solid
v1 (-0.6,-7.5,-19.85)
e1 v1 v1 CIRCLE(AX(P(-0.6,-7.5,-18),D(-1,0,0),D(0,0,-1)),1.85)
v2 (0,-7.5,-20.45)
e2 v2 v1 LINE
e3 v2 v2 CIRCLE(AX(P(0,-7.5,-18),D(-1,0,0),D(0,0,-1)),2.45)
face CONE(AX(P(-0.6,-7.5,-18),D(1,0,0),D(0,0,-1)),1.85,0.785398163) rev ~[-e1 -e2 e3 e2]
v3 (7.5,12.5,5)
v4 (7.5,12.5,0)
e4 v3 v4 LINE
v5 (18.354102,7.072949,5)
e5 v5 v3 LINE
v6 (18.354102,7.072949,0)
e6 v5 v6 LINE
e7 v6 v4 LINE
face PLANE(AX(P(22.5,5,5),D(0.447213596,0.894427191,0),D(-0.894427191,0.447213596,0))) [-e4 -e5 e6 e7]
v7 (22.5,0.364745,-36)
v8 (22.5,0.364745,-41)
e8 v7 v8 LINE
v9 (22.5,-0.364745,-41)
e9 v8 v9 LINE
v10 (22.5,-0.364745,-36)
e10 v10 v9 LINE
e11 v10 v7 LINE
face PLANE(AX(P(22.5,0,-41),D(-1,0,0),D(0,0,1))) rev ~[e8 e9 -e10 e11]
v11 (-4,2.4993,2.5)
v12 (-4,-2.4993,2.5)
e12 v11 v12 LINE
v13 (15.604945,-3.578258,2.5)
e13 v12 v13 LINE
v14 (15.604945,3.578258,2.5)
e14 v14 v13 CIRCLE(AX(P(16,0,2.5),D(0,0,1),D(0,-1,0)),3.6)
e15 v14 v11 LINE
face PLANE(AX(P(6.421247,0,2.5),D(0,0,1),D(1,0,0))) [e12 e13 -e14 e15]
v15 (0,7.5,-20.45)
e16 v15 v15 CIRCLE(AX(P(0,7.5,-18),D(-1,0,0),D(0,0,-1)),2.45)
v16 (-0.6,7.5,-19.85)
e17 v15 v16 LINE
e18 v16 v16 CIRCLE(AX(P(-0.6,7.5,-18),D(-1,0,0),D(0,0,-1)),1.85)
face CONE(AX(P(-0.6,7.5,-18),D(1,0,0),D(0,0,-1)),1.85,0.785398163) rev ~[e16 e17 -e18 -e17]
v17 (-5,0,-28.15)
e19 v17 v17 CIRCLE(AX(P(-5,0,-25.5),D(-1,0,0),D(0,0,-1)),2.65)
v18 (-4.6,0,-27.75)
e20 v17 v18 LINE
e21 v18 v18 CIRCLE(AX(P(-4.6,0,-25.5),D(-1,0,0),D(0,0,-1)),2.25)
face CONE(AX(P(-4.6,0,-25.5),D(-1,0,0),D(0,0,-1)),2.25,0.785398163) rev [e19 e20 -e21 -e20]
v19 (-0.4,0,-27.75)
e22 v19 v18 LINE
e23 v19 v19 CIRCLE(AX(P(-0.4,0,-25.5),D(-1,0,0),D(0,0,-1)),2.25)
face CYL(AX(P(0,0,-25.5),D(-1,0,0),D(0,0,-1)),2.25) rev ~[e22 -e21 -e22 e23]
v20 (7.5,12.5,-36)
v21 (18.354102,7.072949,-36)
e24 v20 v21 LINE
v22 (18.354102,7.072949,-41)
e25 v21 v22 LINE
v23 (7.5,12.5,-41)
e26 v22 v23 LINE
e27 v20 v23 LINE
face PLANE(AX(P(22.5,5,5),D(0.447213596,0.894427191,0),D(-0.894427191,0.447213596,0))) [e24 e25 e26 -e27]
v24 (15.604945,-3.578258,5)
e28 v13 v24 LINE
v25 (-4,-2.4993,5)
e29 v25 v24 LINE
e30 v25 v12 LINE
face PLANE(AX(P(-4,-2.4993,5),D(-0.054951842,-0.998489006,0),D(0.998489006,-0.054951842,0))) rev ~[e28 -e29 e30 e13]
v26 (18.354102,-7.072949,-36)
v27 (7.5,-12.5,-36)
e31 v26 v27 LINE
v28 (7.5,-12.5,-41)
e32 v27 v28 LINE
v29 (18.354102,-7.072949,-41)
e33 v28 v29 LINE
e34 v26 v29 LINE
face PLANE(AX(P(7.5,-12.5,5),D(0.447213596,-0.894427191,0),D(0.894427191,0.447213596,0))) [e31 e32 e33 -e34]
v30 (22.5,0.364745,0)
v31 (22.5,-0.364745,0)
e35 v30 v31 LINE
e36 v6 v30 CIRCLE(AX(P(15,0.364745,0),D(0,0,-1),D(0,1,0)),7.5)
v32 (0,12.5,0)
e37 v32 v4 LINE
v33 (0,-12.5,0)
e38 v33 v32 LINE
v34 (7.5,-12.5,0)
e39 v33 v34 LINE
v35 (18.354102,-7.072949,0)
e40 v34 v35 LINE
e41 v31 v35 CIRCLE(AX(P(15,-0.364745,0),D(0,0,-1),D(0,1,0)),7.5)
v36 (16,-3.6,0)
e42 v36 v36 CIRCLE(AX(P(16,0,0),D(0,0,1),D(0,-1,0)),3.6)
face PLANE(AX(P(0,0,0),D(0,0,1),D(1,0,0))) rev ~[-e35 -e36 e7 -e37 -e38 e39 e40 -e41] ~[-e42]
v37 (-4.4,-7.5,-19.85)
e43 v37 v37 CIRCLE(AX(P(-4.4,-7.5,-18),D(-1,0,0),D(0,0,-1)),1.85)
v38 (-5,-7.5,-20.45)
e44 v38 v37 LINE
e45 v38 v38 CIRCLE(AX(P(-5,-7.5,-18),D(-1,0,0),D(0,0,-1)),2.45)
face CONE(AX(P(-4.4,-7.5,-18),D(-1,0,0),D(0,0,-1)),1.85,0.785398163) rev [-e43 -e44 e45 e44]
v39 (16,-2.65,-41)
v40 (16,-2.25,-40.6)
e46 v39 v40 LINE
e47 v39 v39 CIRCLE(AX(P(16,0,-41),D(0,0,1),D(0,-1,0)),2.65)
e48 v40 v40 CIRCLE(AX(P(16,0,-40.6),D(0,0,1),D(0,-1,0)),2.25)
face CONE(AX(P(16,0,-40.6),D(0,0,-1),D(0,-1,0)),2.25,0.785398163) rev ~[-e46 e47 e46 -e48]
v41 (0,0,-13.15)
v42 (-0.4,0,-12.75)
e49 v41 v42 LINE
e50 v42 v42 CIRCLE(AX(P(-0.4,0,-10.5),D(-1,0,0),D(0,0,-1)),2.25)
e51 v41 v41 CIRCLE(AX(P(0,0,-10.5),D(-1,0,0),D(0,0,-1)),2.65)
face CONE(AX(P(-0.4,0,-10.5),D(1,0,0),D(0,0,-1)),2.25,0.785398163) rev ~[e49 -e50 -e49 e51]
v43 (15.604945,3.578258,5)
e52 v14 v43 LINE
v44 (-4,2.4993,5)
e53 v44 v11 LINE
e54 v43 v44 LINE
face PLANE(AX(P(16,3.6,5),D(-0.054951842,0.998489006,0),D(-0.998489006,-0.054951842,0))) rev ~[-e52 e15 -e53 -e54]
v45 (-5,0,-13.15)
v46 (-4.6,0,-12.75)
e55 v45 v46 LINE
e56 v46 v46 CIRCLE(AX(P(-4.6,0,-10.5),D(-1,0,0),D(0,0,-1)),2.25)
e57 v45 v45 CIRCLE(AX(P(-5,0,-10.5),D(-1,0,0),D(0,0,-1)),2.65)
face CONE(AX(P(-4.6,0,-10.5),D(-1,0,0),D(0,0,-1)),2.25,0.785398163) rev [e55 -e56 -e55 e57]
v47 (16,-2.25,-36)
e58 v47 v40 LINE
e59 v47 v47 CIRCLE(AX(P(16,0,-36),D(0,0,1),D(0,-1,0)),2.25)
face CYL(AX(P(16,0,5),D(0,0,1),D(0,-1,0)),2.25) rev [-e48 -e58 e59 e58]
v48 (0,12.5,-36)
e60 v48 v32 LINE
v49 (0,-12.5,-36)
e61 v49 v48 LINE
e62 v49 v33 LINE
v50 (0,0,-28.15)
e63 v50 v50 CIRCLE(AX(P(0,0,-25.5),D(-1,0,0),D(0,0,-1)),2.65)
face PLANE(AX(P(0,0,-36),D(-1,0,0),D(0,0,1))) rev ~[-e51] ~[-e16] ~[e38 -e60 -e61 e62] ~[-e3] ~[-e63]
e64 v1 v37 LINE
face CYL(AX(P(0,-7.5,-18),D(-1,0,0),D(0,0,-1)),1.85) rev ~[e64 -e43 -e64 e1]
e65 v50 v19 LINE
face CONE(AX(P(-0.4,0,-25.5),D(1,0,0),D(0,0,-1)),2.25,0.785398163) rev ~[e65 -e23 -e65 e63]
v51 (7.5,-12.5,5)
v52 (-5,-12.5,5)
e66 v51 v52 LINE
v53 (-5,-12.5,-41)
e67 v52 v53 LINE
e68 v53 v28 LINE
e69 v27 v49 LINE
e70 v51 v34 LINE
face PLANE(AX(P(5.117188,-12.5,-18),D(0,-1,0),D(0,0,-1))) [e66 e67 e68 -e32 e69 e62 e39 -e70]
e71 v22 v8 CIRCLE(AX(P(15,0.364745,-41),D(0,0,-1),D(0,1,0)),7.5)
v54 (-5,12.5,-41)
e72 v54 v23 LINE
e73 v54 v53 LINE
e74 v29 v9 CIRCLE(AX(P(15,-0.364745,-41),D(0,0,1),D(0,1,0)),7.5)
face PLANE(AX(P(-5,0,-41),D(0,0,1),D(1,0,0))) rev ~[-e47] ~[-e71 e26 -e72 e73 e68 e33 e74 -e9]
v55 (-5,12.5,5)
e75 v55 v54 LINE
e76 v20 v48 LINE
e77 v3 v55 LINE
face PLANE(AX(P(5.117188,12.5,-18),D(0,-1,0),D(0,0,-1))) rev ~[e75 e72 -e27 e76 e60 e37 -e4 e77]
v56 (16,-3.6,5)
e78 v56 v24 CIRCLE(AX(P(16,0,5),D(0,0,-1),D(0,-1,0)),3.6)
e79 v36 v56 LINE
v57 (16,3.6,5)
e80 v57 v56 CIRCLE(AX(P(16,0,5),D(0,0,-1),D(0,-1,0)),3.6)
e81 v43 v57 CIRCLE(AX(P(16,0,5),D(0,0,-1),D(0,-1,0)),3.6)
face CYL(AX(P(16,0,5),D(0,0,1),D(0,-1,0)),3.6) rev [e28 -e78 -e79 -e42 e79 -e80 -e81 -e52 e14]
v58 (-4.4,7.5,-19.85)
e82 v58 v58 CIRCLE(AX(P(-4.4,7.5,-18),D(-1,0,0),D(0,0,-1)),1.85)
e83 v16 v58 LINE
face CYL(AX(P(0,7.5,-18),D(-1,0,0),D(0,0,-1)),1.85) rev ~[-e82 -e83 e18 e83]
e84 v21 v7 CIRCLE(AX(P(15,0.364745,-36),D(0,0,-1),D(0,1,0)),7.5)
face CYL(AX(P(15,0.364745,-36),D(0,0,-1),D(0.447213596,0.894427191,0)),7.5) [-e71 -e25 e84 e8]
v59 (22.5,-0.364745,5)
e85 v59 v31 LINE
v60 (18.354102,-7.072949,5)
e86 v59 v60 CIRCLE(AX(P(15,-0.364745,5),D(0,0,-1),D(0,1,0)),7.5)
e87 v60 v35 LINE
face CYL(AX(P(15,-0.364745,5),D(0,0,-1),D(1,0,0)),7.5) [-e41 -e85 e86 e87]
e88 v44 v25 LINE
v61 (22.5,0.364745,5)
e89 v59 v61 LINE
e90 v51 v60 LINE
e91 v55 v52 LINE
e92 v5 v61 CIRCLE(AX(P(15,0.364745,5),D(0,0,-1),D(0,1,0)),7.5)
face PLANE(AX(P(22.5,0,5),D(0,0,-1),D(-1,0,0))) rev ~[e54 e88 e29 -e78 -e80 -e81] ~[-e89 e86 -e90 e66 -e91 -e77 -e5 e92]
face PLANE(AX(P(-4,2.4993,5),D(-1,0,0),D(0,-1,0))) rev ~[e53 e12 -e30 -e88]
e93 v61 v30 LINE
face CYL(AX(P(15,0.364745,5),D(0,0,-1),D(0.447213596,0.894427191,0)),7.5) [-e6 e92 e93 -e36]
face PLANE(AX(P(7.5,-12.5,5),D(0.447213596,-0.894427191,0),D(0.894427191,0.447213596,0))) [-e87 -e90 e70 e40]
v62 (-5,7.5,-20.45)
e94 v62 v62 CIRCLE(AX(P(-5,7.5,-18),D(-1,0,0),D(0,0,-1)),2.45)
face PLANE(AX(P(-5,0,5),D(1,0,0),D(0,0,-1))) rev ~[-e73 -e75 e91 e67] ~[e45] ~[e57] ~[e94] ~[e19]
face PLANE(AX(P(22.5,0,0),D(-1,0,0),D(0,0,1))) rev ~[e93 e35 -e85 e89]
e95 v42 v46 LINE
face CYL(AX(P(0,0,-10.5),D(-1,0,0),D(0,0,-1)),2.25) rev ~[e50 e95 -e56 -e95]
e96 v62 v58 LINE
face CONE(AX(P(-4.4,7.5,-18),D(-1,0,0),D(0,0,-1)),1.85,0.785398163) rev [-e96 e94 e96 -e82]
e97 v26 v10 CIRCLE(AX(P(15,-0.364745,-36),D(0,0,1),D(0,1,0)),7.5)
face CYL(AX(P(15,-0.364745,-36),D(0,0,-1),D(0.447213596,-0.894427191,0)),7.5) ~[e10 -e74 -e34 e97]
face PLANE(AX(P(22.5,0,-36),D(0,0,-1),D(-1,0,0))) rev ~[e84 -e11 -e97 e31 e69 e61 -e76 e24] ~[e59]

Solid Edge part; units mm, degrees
sketch "Sketch1" plane through (0, 0, 0) normal (0, -1, 0) x (1, 0, 0)
  line L0 (0, 0) -> (22.5, 0)
  line L1 (22.5, 0) -> (22.5, 5)
  line L2 (22.5, 5) -> (-5, 5)
  line L3 (-5, 5) -> (-5, -41)
  line L4 (-5, -41) -> (22.5, -41)
  line L5 (22.5, -41) -> (22.5, -36)
  line L6 (22.5, -36) -> (0, -36)
  line L7 (0, -36) -> (0, 0)
  dimension "D1" = 27.5
  dimension "D2" = 22.5
  dimension "D3" = 5
  dimension "D4" = 5
  dimension "D5" = 36
extrude "Protrusion1" add sketch "Sketch1" along normal mid plane 25
sketch "Sketch2" plane through (7.5, 0, 5) normal (0, 0, 1) x (0, 1, 0)
  line L0 (-12.5, 0) -> (-5, -15)
  line L1 (-5, -15) -> (5, -15)
  line L2 (5, -15) -> (12.5, 0)
  line L3 (12.5, 0) -> (12.5, -17.5)
  line L4 (12.5, -17.5) -> (-12.5, -17.5)
  line L5 (-12.5, -17.5) -> (-12.5, 0)
  dimension "D1" = 15
  dimension "D2" = 10
  dimension "D3" = 2.5
extrude "Cutout1" cut sketch "Sketch2" against normal through all
fillet "Round_2" radius 7.5 4 edges at (22.5, -5, 2.5) (22.5, 5, 2.5) (22.5, -5, -38.5) (22.5, 5, -38.5)
hole "Hole_2" at (16, 0, 5) direction (0, 0, -1) diameter 4.5 end through all start chamfer 0.4 start chamfer angle 45 end chamfer 0.4 end chamfer angle 45
hole "Hole_3" at (16, 0, 5) direction (0, 0, -1) diameter 7.2 end up to next
sketch "Sketch3" plane through (7.5, 0, 5) normal (0, 0, 1) x (0, 1, 0)
  line L0 (-3.6, -8.5) -> (3.6, -8.5)
  line L1 (3.6, -8.5) -> (2.4993, 11.5)
  line L2 (2.4993, 11.5) -> (-2.4993, 11.5)
  line L3 (-2.4993, 11.5) -> (-3.6, -8.5)
  dimension "D1" = 20
extrude "ExtrudedCutout_2" cut sketch "Sketch3" against normal blind 2.5
hole "Hole1" at (0, 0, -25.5) direction (-1, 0, 0) diameter 4.5 depth 30 tip angle 118 start chamfer 0.4 start chamfer angle 45 end chamfer 0.4 end chamfer angle 45
hole "Hole2" at (0, 0, -10.5) direction (-1, 0, 0) diameter 4.5 depth 30 tip angle 118 start chamfer 0.4 start chamfer angle 45 end chamfer 0.4 end chamfer angle 45
hole "Hole_8" at (0, -7.5, -18) direction (-1, 0, 0) diameter 3.7 depth 30 tip angle 118 start chamfer 0.6 start chamfer angle 45 end chamfer 0.6 end chamfer angle 45
hole "Hole3" at (0, 7.5, -18) direction (-1, 0, 0) diameter 3.7 depth 30 tip angle 118 start chamfer 0.6 start chamfer angle 45 end chamfer 0.6 end chamfer angle 45
properties material "Polypropylene, general purpose"
